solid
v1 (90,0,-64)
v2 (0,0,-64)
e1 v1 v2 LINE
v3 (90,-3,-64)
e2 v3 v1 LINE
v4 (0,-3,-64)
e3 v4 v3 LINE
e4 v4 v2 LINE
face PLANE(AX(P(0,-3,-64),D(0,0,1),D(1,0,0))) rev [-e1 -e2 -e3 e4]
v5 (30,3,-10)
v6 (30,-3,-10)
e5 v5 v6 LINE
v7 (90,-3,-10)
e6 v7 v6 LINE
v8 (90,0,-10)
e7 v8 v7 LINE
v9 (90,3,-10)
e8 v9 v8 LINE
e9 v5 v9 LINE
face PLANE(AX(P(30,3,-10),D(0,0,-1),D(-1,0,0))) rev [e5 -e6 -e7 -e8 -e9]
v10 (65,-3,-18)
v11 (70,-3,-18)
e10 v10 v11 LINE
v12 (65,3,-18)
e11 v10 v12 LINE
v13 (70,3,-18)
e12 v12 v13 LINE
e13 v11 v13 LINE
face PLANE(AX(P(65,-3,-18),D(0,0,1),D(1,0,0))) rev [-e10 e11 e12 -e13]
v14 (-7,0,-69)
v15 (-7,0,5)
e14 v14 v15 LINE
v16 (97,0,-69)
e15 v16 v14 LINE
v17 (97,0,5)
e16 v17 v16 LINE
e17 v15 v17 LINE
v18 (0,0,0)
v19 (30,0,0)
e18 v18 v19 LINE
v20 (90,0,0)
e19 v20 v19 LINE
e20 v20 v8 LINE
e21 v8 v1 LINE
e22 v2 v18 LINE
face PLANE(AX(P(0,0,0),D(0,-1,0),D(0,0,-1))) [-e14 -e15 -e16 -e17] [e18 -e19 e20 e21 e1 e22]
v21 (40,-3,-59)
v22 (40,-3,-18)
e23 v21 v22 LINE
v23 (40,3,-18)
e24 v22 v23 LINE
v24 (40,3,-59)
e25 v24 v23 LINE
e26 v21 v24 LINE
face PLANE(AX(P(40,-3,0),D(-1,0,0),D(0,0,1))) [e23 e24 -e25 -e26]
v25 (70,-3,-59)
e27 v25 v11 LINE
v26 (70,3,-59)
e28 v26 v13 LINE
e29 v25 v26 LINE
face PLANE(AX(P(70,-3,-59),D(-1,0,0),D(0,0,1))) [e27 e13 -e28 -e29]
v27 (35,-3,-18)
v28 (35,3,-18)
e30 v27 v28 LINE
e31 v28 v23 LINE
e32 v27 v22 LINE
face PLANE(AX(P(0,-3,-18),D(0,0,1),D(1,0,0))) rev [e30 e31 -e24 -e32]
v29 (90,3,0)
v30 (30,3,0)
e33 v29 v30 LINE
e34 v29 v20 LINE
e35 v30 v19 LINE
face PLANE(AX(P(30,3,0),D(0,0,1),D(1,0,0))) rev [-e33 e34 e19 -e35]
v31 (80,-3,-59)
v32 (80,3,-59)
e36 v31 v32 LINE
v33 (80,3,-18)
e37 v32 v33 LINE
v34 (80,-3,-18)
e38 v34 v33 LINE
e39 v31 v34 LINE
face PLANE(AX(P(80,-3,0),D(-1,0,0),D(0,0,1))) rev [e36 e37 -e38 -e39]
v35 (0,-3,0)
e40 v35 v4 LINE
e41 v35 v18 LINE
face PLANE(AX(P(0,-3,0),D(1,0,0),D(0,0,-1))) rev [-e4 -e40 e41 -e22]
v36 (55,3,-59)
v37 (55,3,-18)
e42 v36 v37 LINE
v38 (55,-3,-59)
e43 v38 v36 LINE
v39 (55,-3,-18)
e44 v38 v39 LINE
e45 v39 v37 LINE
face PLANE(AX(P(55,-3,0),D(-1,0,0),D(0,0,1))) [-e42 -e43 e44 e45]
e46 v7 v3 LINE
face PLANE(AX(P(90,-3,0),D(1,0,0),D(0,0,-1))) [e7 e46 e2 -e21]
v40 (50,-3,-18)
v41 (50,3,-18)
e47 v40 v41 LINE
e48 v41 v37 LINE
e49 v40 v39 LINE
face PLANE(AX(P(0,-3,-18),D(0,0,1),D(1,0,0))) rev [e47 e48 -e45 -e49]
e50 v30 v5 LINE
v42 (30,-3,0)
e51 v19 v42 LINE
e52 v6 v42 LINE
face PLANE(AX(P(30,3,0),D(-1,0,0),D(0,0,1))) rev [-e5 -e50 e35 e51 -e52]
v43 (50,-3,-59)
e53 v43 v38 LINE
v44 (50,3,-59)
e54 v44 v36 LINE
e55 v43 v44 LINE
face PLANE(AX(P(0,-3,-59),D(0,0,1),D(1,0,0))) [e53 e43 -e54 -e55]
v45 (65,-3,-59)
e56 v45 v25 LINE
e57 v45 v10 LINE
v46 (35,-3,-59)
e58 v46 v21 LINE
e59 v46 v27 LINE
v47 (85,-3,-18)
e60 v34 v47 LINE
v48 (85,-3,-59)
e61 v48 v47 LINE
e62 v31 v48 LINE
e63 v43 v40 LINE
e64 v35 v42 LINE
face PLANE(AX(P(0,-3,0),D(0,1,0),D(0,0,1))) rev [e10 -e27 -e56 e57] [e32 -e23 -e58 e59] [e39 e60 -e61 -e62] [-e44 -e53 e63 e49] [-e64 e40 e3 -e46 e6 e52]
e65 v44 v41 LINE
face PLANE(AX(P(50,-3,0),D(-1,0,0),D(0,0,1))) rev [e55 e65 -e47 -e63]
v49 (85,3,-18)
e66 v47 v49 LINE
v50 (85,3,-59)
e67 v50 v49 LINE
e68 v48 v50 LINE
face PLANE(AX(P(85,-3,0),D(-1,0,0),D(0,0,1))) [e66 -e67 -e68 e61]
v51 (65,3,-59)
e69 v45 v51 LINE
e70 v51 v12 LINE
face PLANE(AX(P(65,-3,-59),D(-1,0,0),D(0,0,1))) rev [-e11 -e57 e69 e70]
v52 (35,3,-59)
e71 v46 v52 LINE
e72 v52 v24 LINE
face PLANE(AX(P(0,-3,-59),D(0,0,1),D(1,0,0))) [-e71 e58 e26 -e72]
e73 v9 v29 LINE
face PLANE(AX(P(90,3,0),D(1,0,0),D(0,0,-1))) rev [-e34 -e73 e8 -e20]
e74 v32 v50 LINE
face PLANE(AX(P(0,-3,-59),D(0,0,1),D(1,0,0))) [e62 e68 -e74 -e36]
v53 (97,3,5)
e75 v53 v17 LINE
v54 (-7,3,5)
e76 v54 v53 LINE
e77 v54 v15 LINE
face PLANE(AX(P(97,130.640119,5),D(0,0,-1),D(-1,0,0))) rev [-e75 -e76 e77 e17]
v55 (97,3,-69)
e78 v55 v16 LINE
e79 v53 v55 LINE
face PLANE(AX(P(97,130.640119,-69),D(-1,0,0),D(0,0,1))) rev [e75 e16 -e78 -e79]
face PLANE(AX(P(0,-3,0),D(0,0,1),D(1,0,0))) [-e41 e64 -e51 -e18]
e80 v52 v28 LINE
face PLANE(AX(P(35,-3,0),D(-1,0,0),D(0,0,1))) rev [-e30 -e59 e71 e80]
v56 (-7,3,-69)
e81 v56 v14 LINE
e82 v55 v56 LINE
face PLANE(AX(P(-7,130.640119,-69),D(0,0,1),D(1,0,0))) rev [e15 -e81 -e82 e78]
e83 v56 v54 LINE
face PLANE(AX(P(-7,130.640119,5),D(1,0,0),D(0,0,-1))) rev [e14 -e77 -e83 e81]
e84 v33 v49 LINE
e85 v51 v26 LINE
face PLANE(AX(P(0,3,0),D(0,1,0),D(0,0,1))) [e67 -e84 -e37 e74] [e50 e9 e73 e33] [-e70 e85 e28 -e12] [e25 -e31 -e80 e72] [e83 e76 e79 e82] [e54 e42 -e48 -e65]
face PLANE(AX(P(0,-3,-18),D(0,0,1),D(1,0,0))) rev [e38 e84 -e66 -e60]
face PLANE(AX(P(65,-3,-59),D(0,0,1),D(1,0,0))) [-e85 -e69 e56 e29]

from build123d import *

# Parameters (mm, degrees)
BOSS_EXTRUDE1_DEPTH      = 3
BOSS_EXTRUDE1_DEPTH_BACK = 3
SKETCH1_W                = 90
SKETCH1_H                = 64
SKETCH1_4_W              = 104
SKETCH1_4_H              = 74
SKETCH1_4_W_2            = 90
SKETCH1_4_H_2            = 64
BOSS_EXTRUDE3_DEPTH      = 3
CUT_EXTRUDE1_DEPTH       = 120.18892566
CUT_EXTRUDE1_DEPTH_BACK  = 120.18892566
SKETCH2_W                = 60
SKETCH2_H                = 10
SKETCH3_W                = 5
SKETCH3_H                = 41
CUT_EXTRUDE2_DEPTH       = 120.18892566


with BuildPart() as part:
    # Sketch1 → Boss-Extrude1 (new, two sides: drawn at the far end of the back side and taken through both)
    with BuildSketch(Plane(origin=(0, 0, 0), x_dir=(1, 0, 0), z_dir=(0, 1, 0)).offset(-BOSS_EXTRUDE1_DEPTH_BACK)):
        with Locations((45, 32)):
            Rectangle(SKETCH1_W, SKETCH1_H)
    extrude(amount=BOSS_EXTRUDE1_DEPTH + BOSS_EXTRUDE1_DEPTH_BACK)

    # Sketch1<4> → Boss-Extrude3 (add)
    with BuildSketch(Plane(origin=(0, 0, 0), x_dir=(1, 0, 0), z_dir=(0, 1, 0))):
        with Locations((45, 32)):
            Rectangle(SKETCH1_4_W, SKETCH1_4_H)
        with Locations((45, 32)):
            Rectangle(SKETCH1_4_W_2, SKETCH1_4_H_2, mode=Mode.SUBTRACT)
    extrude(amount=BOSS_EXTRUDE3_DEPTH)

    # Sketch2 → Cut-Extrude1 (cut, two sides: drawn at the far end of the back side and taken through both)
    with BuildSketch(Plane.XZ.offset(3).offset(-CUT_EXTRUDE1_DEPTH_BACK)):
        with Locations((60, -5)):
            Rectangle(SKETCH2_W, SKETCH2_H)
    extrude(amount=CUT_EXTRUDE1_DEPTH + CUT_EXTRUDE1_DEPTH_BACK, mode=Mode.SUBTRACT)

    # Sketch3 → Cut-Extrude2 (cut, through all)
    with BuildSketch(Plane(origin=(0, 3, 0), x_dir=(1, 0, 0), z_dir=(0, 1, 0))):
        with Locations((37.5, 38.5)):
            Rectangle(SKETCH3_W, SKETCH3_H)
        with Locations((52.5, 38.5)):
            Rectangle(SKETCH3_W, SKETCH3_H)
        with Locations((82.5, 38.5)):
            Rectangle(SKETCH3_W, SKETCH3_H)
        with Locations((67.5, 38.5)):
            Rectangle(SKETCH3_W, SKETCH3_H)
    extrude(amount=-CUT_EXTRUDE2_DEPTH, mode=Mode.SUBTRACT)


solid = part.part
